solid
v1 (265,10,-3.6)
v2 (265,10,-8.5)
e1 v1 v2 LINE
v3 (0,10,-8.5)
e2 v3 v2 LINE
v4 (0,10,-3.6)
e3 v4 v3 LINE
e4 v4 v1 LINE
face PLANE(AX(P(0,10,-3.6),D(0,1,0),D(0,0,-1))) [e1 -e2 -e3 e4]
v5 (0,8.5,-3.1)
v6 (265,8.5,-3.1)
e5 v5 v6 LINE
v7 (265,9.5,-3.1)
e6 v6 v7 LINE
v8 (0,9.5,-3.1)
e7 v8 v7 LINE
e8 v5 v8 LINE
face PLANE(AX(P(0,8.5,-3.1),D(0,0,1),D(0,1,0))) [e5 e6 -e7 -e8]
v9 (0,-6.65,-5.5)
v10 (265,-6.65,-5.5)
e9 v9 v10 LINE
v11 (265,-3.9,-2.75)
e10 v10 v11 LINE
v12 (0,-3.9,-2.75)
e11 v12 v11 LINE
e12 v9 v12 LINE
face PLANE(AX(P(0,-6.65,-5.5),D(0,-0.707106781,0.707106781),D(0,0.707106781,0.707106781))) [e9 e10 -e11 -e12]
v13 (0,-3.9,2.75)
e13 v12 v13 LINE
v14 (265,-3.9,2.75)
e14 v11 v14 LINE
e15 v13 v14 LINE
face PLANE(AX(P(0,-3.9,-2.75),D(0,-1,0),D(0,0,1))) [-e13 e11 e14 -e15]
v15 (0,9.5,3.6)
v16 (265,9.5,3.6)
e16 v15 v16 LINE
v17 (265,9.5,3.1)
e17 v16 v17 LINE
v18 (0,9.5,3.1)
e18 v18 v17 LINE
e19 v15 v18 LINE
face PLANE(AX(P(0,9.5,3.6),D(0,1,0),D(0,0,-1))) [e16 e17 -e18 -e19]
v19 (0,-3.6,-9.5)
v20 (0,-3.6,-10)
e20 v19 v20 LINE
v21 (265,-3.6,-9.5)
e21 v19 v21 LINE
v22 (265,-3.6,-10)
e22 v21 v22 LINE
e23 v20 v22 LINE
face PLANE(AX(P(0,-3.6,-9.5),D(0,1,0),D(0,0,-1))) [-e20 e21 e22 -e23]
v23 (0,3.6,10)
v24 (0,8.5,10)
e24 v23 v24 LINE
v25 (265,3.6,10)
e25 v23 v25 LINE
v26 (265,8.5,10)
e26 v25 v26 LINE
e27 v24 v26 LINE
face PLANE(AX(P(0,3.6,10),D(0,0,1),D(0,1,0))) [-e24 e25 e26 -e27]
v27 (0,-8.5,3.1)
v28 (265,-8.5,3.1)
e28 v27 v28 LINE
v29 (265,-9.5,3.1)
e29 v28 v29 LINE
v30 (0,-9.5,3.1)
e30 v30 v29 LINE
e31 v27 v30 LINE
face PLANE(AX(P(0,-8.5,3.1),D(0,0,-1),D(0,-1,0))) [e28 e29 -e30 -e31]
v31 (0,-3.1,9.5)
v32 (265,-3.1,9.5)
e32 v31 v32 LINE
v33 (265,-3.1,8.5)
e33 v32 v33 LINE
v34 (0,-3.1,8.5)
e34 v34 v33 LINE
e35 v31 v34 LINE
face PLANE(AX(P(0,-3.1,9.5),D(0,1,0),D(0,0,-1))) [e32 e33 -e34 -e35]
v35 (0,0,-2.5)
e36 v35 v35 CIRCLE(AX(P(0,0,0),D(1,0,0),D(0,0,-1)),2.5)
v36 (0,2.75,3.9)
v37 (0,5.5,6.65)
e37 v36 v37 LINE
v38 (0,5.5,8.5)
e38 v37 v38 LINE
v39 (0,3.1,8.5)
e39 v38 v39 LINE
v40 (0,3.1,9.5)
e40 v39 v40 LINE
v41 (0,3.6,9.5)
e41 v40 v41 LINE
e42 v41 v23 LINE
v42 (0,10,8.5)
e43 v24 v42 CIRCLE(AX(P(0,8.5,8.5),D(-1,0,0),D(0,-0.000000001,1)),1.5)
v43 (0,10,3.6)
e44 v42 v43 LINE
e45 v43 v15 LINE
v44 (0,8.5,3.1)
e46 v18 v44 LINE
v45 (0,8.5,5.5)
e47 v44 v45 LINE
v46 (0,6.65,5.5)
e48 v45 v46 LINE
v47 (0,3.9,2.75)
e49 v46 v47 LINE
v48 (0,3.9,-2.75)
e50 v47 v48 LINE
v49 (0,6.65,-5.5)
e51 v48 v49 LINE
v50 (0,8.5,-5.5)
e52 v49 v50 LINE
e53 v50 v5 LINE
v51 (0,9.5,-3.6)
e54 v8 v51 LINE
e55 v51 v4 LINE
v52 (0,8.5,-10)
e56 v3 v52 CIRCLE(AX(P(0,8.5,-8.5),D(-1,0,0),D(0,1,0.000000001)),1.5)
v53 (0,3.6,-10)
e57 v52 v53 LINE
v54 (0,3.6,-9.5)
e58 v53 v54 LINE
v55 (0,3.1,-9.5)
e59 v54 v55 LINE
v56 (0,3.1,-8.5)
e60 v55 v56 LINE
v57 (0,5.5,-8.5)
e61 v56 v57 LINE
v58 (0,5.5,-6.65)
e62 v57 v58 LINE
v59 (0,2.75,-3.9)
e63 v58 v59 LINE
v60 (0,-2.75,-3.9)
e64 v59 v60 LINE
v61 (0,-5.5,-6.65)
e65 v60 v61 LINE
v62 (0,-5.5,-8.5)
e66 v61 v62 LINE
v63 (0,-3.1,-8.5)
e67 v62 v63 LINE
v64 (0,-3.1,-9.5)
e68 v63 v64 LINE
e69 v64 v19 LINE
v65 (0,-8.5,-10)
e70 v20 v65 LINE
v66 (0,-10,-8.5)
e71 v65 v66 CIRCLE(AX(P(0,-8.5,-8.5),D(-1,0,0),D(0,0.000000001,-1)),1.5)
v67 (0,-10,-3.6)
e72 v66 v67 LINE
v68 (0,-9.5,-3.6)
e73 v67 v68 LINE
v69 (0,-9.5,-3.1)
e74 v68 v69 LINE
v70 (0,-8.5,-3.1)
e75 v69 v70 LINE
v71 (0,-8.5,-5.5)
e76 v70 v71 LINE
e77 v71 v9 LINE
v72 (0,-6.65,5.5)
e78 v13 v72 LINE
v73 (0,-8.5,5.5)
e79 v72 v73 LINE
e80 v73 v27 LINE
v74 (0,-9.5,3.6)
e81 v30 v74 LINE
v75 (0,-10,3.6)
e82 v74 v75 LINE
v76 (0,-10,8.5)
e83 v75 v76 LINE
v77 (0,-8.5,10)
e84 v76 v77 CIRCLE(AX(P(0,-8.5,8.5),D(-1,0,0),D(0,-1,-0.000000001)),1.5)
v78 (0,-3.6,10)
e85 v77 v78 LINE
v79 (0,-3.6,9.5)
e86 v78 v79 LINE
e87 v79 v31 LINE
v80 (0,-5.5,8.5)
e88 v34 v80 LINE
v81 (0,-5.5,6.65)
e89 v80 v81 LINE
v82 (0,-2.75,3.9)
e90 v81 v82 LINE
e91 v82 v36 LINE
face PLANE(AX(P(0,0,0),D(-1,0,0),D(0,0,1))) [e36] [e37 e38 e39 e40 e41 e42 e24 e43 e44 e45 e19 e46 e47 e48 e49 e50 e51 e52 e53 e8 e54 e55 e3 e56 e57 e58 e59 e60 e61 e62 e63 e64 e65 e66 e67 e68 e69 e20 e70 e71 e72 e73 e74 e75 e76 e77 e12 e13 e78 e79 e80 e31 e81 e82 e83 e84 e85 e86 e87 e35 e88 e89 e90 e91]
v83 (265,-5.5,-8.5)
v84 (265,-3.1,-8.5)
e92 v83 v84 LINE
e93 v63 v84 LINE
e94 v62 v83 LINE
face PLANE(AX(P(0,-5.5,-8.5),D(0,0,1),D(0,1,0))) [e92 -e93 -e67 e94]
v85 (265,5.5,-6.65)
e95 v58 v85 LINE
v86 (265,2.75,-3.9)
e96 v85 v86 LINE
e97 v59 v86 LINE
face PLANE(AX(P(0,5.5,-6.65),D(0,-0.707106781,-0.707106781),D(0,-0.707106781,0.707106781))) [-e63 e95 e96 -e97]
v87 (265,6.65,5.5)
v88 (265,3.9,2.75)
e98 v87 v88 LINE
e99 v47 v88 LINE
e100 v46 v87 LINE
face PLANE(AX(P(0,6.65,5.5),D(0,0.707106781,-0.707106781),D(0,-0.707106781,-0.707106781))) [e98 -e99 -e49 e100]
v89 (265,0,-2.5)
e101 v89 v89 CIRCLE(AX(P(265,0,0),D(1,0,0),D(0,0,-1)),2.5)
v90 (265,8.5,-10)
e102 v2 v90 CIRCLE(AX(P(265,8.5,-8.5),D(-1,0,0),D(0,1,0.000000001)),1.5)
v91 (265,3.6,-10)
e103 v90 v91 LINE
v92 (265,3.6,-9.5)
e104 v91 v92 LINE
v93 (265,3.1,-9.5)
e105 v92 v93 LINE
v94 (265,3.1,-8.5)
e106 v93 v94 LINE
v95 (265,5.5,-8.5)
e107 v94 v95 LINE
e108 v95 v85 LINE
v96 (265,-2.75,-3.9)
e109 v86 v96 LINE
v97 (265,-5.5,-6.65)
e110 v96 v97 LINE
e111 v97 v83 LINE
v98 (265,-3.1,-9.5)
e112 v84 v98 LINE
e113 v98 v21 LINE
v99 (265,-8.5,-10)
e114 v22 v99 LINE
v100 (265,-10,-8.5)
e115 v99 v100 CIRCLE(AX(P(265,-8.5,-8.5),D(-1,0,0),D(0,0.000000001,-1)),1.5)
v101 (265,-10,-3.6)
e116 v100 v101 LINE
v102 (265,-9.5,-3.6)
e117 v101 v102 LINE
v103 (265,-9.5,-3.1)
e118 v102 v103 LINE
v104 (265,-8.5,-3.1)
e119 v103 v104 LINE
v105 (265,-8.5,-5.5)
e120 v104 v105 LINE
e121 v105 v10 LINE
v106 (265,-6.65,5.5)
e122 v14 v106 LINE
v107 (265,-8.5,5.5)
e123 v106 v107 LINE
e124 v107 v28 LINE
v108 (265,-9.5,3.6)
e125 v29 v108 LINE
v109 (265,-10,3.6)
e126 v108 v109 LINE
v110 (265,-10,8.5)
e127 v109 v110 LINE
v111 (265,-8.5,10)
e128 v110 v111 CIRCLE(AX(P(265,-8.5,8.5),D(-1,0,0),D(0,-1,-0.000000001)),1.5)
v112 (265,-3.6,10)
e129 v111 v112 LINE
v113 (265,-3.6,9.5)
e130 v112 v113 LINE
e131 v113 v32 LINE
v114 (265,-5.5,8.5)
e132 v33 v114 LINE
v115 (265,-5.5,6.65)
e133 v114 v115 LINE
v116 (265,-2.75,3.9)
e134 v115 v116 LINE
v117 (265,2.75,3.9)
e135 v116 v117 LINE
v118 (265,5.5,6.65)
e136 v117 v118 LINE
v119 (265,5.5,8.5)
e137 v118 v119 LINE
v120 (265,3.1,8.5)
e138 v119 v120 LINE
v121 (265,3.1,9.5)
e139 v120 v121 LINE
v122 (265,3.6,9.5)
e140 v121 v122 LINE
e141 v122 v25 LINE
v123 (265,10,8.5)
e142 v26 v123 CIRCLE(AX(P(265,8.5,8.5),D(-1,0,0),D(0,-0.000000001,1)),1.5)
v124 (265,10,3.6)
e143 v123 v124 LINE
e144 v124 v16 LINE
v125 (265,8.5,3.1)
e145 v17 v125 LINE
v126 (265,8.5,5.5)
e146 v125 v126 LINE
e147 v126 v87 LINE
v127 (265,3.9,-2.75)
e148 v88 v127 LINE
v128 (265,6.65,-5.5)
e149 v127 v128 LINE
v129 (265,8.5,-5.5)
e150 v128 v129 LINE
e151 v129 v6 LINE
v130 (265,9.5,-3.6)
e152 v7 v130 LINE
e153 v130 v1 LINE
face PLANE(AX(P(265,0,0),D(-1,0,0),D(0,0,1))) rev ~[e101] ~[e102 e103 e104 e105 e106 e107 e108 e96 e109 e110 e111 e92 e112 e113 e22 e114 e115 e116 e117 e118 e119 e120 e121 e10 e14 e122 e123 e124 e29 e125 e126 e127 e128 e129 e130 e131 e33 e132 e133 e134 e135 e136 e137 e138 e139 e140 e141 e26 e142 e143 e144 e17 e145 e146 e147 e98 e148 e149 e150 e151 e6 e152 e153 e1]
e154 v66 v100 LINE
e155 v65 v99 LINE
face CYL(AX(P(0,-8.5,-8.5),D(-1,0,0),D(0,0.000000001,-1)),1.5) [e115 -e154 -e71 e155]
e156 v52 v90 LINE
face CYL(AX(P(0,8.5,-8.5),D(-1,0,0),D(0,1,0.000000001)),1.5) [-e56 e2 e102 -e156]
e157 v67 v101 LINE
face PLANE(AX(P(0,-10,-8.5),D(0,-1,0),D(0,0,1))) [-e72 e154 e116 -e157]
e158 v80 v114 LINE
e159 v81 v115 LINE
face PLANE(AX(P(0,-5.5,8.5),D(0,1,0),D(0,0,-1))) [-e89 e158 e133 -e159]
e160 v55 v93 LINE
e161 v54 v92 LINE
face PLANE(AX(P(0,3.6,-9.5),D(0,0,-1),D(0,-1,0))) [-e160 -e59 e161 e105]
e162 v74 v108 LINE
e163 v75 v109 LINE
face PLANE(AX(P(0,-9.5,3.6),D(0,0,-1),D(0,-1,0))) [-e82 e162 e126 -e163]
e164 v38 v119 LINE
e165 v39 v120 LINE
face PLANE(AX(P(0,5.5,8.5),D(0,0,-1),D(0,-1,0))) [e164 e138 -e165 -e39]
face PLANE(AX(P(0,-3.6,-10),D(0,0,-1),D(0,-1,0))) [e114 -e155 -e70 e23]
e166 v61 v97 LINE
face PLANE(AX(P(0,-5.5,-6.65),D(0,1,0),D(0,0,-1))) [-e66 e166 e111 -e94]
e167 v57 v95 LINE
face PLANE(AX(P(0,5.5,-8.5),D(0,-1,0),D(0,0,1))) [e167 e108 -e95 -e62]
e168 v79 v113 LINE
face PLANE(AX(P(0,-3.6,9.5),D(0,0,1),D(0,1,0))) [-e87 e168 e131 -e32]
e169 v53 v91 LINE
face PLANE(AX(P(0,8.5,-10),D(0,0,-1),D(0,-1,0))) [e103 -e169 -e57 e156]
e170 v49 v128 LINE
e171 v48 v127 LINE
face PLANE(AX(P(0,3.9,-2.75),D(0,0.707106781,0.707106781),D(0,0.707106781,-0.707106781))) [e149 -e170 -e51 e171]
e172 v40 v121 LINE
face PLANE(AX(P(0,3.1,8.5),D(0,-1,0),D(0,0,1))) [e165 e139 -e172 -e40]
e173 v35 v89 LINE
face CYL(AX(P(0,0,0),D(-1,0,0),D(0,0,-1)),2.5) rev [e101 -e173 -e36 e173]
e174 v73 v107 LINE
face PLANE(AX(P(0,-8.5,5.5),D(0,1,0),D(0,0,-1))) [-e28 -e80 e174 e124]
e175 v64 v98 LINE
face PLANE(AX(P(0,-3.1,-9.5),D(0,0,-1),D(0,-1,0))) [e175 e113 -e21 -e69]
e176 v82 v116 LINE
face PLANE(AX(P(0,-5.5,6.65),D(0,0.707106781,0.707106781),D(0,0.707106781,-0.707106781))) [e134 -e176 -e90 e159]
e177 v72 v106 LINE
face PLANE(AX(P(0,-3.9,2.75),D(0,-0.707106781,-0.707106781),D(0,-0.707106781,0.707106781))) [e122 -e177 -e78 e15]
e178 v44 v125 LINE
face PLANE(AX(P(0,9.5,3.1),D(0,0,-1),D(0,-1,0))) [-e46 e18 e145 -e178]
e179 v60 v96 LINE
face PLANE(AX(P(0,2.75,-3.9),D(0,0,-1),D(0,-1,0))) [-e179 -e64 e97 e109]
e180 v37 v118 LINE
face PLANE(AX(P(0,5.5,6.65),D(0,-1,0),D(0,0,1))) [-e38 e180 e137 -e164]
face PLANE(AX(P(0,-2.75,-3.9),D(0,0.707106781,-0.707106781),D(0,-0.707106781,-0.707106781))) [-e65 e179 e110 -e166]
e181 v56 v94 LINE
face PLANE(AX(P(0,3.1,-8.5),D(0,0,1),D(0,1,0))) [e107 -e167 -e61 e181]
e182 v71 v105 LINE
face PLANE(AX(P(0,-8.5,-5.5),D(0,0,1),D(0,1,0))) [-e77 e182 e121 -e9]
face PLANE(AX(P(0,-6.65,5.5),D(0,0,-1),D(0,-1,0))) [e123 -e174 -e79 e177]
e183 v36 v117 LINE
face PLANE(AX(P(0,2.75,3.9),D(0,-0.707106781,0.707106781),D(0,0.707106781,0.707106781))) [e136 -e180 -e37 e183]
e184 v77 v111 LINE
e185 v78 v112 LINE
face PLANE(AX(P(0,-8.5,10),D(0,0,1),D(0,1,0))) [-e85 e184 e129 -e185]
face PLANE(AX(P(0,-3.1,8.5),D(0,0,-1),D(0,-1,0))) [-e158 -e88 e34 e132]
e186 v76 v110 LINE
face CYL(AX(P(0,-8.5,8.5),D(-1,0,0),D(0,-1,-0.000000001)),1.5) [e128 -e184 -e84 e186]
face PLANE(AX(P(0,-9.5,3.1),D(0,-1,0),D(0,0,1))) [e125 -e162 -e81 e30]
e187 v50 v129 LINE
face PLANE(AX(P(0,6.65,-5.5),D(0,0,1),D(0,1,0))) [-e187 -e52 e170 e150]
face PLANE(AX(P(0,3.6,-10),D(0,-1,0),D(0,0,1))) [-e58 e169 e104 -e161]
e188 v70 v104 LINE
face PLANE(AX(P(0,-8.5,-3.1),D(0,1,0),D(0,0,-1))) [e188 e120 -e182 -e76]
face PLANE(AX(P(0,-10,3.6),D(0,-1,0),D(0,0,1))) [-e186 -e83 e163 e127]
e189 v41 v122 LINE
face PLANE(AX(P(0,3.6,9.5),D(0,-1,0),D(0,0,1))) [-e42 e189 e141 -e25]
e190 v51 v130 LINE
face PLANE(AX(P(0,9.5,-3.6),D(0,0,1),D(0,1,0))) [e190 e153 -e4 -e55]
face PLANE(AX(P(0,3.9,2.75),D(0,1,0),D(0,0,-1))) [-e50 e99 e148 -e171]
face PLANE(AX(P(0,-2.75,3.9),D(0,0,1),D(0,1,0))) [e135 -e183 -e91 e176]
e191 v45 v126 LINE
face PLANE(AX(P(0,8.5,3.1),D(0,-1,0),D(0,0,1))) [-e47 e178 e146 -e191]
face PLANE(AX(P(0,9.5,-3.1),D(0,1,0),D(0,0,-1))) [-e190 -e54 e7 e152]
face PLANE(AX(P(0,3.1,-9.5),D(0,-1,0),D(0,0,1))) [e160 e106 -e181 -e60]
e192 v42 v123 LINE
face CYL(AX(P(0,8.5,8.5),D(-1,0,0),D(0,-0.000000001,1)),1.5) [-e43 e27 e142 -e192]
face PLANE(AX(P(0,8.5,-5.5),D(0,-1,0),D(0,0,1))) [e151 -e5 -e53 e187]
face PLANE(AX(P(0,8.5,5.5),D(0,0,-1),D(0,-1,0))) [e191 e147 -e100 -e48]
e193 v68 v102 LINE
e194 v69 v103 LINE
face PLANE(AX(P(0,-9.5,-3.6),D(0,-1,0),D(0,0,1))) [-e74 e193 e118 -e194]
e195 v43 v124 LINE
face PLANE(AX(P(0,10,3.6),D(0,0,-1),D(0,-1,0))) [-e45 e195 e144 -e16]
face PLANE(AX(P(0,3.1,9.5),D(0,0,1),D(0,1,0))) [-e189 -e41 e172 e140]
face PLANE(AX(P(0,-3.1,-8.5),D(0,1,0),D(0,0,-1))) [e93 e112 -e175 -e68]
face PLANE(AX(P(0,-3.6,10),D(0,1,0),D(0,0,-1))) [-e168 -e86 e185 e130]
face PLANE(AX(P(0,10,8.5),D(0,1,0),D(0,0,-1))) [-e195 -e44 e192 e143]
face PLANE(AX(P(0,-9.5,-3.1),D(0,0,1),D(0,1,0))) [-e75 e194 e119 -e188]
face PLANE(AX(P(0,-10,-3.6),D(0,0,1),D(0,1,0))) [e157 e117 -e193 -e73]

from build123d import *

# Parameters (mm, degrees)
SKETCH1_R                = 2.5
F_20_X_20_X_R1_5_1_DEPTH = 265


with BuildPart() as part:
    # Sketch1 → 铝型材 20 X 20 X R1.5(1) (new body)
    with BuildSketch(Plane(origin=(0, 0, 0), x_dir=(0, 0, -1), z_dir=(1, 0, 0))):
        with BuildLine():
            Line((-3.6, 10), (-3.6, 9.5))
            Line((-3.6, 9.5), (-3.1, 9.5))
            Line((-3.1, 9.5), (-3.1, 8.5))
            Line((-3.1, 8.5), (-5.5, 8.5))
            Line((-5.5, 8.5), (-5.5, 6.65))
            Line((-5.5, 6.65), (-2.75, 3.9))
            Line((-2.75, 3.9), (2.75, 3.9))
            Line((2.75, 3.9), (5.5, 6.65))
            Line((5.5, 6.65), (5.5, 8.5))
            Line((5.5, 8.5), (3.1, 8.5))
            Line((3.1, 8.5), (3.1, 9.5))
            Line((3.1, 9.5), (3.6, 9.5))
            Line((3.6, 9.5), (3.6, 10))
            Line((3.6, 10), (8.5, 10))
            ThreePointArc((8.5, 10), (9.560660172, 9.560660172), (10, 8.5))
            Line((10, 8.5), (10, 3.6))
            Line((10, 3.6), (9.5, 3.6))
            Line((9.5, 3.6), (9.5, 3.1))
            Line((9.5, 3.1), (8.5, 3.1))
            Line((8.5, 3.1), (8.5, 5.5))
            Line((8.5, 5.5), (6.65, 5.5))
            Line((6.65, 5.5), (3.9, 2.75))
            Line((3.9, 2.75), (3.9, -2.75))
            Line((3.9, -2.75), (6.65, -5.5))
            Line((6.65, -5.5), (8.5, -5.5))
            Line((8.5, -5.5), (8.5, -3.1))
            Line((8.5, -3.1), (9.5, -3.1))
            Line((9.5, -3.1), (9.5, -3.6))
            Line((9.5, -3.6), (10, -3.6))
            Line((10, -3.6), (10, -8.5))
            ThreePointArc((10, -8.5), (9.560660172, -9.560660172), (8.5, -10))
            Line((8.5, -10), (3.6, -10))
            Line((3.6, -10), (3.6, -9.5))
            Line((3.6, -9.5), (3.1, -9.5))
            Line((3.1, -9.5), (3.1, -8.5))
            Line((3.1, -8.5), (5.5, -8.5))
            Line((5.5, -8.5), (5.5, -6.65))
            Line((5.5, -6.65), (2.75, -3.9))
            Line((2.75, -3.9), (-2.75, -3.9))
            Line((-2.75, -3.9), (-5.5, -6.65))
            Line((-5.5, -6.65), (-5.5, -8.5))
            Line((-5.5, -8.5), (-3.1, -8.5))
            Line((-3.1, -8.5), (-3.1, -9.5))
            Line((-3.1, -9.5), (-3.6, -9.5))
            Line((-3.6, -9.5), (-3.6, -10))
            Line((-3.6, -10), (-8.5, -10))
            ThreePointArc((-8.5, -10), (-9.560660172, -9.560660172), (-10, -8.5))
            Line((-10, -8.5), (-10, -3.6))
            Line((-10, -3.6), (-9.5, -3.6))
            Line((-9.5, -3.6), (-9.5, -3.1))
            Line((-9.5, -3.1), (-8.5, -3.1))
            Line((-8.5, -3.1), (-8.5, -5.5))
            Line((-8.5, -5.5), (-6.65, -5.5))
            Line((-6.65, -5.5), (-3.9, -2.75))
            Line((-3.9, -2.75), (-3.9, 2.75))
            Line((-3.9, 2.75), (-6.65, 5.5))
            Line((-6.65, 5.5), (-8.5, 5.5))
            Line((-8.5, 5.5), (-8.5, 3.1))
            Line((-8.5, 3.1), (-9.5, 3.1))
            Line((-9.5, 3.1), (-9.5, 3.6))
            Line((-9.5, 3.6), (-10, 3.6))
            Line((-10, 3.6), (-10, 8.5))
            ThreePointArc((-10, 8.5), (-9.560660172, 9.560660172), (-8.5, 10))
            Line((-8.5, 10), (-3.6, 10))
        make_face()
        Circle(SKETCH1_R, mode=Mode.SUBTRACT)
    extrude(amount=F_20_X_20_X_R1_5_1_DEPTH)


solid = part.part
